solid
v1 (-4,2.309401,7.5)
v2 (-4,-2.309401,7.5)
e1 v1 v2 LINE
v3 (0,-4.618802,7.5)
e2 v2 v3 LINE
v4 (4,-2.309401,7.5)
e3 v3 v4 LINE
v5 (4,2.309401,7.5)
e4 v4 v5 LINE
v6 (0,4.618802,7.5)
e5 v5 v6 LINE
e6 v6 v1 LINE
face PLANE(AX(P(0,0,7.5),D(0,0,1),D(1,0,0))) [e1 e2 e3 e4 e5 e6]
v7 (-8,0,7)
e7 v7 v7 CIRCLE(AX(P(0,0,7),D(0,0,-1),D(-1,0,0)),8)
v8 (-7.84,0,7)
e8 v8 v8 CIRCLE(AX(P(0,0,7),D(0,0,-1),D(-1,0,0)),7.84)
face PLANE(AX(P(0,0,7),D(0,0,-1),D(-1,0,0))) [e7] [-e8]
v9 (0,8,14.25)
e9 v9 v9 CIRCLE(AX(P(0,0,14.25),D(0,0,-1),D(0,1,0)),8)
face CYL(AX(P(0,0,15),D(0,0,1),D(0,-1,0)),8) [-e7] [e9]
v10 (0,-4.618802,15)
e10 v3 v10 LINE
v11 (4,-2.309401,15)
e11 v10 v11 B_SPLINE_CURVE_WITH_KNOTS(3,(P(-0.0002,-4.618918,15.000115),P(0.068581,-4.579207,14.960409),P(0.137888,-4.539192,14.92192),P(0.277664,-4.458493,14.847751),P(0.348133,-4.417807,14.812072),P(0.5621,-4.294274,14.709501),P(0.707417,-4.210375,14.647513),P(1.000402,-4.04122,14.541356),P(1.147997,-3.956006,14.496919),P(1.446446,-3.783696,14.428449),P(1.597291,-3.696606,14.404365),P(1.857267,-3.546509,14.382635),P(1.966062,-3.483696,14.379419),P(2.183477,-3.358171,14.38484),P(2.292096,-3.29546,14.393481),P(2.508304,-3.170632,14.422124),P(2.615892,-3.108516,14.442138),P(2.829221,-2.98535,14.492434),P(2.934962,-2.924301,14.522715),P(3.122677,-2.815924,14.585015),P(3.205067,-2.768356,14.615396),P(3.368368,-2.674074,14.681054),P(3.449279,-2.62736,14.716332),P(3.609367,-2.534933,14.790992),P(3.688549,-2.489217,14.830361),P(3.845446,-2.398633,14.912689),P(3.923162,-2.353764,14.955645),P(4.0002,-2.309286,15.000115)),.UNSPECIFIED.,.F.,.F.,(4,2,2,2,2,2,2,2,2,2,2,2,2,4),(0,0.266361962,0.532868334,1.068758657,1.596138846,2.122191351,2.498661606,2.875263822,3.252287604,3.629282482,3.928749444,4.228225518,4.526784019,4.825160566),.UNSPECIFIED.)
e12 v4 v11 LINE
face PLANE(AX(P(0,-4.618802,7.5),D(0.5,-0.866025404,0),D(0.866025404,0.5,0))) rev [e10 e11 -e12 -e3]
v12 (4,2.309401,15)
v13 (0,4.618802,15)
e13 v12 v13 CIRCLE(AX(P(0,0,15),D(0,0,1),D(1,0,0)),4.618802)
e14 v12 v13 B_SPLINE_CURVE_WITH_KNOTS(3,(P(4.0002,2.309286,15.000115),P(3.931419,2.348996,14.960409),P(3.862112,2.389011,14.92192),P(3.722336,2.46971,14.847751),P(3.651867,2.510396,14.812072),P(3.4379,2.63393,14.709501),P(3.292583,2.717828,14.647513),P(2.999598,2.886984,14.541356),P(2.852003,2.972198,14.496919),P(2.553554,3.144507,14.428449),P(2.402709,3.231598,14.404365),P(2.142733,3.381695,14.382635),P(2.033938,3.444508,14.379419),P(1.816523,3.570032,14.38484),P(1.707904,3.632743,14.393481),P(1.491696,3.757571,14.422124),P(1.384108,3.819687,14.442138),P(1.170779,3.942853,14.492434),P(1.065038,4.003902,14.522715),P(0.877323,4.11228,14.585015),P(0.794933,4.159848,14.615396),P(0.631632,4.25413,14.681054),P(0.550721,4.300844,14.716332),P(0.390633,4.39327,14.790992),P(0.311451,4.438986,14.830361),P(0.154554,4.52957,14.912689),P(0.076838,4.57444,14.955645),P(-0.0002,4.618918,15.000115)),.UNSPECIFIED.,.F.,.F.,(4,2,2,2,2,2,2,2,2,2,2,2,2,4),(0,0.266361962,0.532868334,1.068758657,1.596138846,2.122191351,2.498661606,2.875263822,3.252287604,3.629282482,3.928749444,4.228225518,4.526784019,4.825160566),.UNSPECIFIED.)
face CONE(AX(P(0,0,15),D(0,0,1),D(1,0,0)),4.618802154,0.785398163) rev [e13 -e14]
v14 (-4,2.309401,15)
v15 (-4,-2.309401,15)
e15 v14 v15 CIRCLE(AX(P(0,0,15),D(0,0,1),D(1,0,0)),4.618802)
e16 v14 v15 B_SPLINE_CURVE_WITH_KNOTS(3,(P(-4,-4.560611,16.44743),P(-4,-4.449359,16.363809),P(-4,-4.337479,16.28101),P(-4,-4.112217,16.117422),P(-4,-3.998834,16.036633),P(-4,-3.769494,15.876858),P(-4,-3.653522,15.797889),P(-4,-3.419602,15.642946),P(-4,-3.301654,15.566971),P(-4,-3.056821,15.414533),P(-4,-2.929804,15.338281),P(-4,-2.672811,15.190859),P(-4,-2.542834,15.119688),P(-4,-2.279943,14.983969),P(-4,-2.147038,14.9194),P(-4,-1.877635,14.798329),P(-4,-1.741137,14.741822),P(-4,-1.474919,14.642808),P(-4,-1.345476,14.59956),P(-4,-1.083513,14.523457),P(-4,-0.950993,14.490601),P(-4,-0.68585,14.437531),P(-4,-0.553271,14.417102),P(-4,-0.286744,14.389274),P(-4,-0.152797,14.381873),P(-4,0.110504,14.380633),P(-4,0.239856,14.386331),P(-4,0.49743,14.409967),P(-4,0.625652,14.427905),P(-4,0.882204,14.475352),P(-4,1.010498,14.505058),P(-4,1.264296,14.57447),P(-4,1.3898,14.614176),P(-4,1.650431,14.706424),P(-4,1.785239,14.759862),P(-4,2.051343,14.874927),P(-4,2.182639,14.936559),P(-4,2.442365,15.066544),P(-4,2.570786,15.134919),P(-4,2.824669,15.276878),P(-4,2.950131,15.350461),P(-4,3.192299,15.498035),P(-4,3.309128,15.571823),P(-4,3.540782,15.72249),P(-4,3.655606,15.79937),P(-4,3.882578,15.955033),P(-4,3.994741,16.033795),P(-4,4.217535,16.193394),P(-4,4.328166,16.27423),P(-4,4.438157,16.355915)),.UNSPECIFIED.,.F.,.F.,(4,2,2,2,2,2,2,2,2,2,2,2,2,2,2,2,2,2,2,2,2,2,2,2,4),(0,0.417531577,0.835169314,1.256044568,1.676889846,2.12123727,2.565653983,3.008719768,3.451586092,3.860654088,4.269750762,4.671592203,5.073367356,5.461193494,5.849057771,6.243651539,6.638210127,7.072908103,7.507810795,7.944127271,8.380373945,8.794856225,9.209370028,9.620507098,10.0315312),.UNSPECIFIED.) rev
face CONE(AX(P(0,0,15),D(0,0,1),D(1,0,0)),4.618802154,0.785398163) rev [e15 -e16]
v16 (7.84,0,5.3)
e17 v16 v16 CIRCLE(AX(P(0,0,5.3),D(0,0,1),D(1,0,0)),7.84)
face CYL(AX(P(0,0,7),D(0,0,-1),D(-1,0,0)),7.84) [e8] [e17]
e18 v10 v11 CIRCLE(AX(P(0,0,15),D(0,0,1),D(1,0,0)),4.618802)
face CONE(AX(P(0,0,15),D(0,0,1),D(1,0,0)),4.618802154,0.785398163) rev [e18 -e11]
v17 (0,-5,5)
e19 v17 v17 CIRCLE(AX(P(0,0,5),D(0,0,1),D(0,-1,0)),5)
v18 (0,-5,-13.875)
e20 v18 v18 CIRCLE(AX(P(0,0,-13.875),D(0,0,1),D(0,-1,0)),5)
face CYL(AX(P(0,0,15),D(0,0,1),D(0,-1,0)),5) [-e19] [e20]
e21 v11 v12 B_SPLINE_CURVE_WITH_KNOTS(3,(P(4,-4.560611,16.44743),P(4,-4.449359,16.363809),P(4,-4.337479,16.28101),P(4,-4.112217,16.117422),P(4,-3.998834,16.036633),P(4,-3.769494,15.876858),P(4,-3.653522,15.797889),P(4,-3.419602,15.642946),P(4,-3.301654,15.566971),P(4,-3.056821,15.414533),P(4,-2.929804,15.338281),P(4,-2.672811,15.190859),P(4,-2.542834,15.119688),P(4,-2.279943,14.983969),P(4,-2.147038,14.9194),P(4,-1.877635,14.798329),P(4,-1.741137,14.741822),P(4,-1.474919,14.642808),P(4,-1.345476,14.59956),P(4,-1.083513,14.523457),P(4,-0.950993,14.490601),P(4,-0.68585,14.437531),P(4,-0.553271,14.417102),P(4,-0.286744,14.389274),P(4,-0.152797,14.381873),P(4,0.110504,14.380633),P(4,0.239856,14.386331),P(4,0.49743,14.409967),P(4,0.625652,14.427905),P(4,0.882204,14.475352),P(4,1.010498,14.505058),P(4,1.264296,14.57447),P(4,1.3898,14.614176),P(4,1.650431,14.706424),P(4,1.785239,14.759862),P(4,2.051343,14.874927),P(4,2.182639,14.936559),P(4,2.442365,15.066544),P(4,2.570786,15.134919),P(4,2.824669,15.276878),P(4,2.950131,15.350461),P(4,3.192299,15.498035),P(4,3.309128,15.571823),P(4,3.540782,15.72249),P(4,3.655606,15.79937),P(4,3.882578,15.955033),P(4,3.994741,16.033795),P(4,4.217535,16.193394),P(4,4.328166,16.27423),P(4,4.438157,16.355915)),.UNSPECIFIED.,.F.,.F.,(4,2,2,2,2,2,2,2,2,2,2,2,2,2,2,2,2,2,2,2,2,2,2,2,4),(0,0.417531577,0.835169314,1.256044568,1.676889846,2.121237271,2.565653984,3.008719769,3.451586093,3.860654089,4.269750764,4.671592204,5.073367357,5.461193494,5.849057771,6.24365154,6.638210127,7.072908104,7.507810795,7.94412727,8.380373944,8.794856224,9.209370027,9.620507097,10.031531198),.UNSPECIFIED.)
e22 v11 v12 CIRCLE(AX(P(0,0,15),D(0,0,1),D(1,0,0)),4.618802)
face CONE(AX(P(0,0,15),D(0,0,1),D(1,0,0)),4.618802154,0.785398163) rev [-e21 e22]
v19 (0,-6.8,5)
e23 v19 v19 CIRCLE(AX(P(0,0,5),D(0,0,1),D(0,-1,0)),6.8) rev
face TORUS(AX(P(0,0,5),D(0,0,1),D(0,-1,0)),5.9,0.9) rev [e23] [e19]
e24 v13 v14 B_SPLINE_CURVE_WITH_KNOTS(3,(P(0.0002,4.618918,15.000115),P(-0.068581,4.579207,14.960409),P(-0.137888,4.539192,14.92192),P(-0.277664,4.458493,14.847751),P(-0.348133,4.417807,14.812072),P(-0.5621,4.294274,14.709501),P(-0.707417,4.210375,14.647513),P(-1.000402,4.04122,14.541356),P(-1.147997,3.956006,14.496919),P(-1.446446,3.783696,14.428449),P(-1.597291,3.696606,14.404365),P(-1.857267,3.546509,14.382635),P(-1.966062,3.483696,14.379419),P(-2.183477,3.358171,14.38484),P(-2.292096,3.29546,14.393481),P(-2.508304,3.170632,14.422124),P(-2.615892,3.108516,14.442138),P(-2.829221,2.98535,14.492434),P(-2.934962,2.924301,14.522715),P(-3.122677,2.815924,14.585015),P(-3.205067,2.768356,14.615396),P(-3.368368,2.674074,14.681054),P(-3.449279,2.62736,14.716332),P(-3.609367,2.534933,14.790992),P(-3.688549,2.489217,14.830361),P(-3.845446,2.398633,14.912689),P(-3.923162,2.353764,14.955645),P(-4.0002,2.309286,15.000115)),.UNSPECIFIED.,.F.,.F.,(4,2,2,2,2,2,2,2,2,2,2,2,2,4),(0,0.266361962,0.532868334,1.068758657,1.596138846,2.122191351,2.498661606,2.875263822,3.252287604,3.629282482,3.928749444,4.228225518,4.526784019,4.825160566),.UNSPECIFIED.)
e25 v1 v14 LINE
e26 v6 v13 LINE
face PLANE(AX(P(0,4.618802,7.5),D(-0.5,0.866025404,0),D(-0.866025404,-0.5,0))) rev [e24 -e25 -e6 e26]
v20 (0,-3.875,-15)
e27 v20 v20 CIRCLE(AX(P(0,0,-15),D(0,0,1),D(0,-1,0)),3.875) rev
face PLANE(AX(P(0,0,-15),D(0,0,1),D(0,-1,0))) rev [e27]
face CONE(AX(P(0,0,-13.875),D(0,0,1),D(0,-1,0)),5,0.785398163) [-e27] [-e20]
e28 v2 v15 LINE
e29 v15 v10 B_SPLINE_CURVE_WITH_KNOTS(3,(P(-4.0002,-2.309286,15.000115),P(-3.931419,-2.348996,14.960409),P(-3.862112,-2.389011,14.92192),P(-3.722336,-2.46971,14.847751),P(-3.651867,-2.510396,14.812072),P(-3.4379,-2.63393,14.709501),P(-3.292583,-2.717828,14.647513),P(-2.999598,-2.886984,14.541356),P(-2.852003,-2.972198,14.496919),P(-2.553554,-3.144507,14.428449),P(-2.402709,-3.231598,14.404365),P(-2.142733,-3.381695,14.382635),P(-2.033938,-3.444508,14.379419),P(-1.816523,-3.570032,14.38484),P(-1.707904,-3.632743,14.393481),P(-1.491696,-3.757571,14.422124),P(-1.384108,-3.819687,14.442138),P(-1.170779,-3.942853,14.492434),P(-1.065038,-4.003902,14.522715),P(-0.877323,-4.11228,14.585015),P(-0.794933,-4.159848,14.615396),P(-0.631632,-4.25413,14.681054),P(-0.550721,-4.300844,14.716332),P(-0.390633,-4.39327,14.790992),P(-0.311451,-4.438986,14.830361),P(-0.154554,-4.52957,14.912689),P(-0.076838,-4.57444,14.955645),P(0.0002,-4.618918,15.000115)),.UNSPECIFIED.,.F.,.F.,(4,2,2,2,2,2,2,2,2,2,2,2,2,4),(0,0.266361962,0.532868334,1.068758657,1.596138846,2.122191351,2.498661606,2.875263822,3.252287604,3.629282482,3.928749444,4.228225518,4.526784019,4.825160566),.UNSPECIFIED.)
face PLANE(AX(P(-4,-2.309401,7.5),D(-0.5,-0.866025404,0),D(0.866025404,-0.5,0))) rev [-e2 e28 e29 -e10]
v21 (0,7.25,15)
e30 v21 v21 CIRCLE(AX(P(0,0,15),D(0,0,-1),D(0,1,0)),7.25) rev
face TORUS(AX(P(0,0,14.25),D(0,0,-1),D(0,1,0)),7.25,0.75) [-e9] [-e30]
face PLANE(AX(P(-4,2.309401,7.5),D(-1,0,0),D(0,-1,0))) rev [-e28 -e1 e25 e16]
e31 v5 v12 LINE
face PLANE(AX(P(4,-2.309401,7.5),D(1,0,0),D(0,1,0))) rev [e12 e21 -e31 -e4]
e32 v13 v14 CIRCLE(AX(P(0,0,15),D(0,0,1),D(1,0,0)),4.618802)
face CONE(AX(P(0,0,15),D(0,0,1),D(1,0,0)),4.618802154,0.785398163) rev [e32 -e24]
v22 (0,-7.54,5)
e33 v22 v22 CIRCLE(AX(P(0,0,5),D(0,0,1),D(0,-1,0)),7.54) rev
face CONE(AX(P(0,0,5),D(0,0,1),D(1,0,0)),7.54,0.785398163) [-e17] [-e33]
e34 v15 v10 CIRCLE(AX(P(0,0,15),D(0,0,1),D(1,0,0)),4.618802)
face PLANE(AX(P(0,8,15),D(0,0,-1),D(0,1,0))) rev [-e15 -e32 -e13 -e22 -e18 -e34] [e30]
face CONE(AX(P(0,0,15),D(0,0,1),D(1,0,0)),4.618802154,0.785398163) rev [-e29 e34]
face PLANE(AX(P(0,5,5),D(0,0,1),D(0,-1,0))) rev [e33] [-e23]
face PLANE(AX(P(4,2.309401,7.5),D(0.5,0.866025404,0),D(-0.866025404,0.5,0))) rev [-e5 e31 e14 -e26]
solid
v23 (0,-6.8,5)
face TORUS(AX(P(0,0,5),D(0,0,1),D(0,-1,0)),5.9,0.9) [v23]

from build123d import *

# Parameters (mm, degrees)
CHAMFER1_SIZE      = 1.125
SKETCH3_OUTSIDE_W  = 25.516
SKETCH3_OUTSIDE_H  = 25.516
SKETCH3_OUTSIDE_R  = 7.84
CUT_EXTRUDE1_DEPTH = 2
CHAMFER2_SIZE      = 0.3
FILLET1_R          = 0.75
SKETCH4_R          = 0.9
SKETCH14_R         = 0.9
CUT_EXTRUDE2_DEPTH = 7.5
SKETCH6_R          = 4.618802154
CUT_EXTRUDE3_DEPTH = 2.54
CUT_EXTRUDE3_DRAFT = -45


with BuildPart() as part:
    # Sketch2 → Revolve1 (revolve)
    with BuildSketch(Plane(origin=(0, 0, 0), x_dir=(0, 0, -1), z_dir=(1, 0, 0)), mode=Mode.PRIVATE) as revolve1_sk:
        Polygon((-15, 8), (-15, 0), (15, 0), (15, 5), (-5, 5), (-5, 8), align=None)
    revolve(revolve1_sk.sketch.rotate(Axis((0, 0, 15), (0, 0, -1)), 180), axis=Axis((0, 0, 15), (0, 0, -1)))

    # Chamfer1
    chamfer1_edges = [part.edges().sort_by_distance(p)[0] for p in [
        (0, 5, -15),
    ]]
    chamfer(chamfer1_edges, length=CHAMFER1_SIZE)

    # Sketch3 outside → Cut-Extrude1 (cut)
    with BuildSketch(Plane(origin=(0, 0, 5), x_dir=(-1, 0, 0), z_dir=(0, 0, -1))):
        Rectangle(SKETCH3_OUTSIDE_W, SKETCH3_OUTSIDE_H)
        Circle(SKETCH3_OUTSIDE_R, mode=Mode.SUBTRACT)
    extrude(amount=-CUT_EXTRUDE1_DEPTH, mode=Mode.SUBTRACT)

    # Chamfer2
    chamfer2_edges = [part.edges().sort_by_distance(p)[0] for p in [
        (7.84, 0, 5),
    ]]
    chamfer(chamfer2_edges, length=CHAMFER2_SIZE)

    # Fillet1
    fillet1_edges = [part.edges().sort_by_distance(p)[0] for p in [
        (0, 8, 15),
    ]]
    fillet(fillet1_edges, radius=FILLET1_R)

    # Sketch14 → Cut-Revolve1 (revolve, cut)
    with BuildSketch(Plane(origin=(0, 0, 0), x_dir=(0, 0, -1), z_dir=(1, 0, 0))):
        with Locations((-5, 5.9)):
            Circle(SKETCH14_R)
    revolve(axis=Axis((0, 0, 15), (0, 0, -1)), mode=Mode.SUBTRACT)

    # Sketch5 → Cut-Extrude2 (cut)
    with BuildSketch(Plane.XY.offset(15)):
        Polygon((0, 4.618802154), (-4, 2.309401077), (-4, -2.309401077), (0, -4.618802154), (4, -2.309401077), (4, 2.309401077), align=None)
    extrude(amount=-CUT_EXTRUDE2_DEPTH, mode=Mode.SUBTRACT)


with BuildPart() as body_2:
    # Sketch4 → Revolve2 (revolve)
    with BuildSketch(Plane(origin=(0, 0, 0), x_dir=(0, 0, -1), z_dir=(1, 0, 0))):
        with Locations((-5, 5.9)):
            Circle(SKETCH4_R)
    revolve(axis=Axis((0, 0, 15), (0, 0, -1)))


with BuildPart() as cut_extrude3_tool:
    # Sketch6 → Cut-Extrude3 (with draft: the straight prism first)
    with BuildSketch(Plane.XY.offset(15)):
        Circle(SKETCH6_R)
    extrude(amount=-CUT_EXTRUDE3_DEPTH)
    # Cut-Extrude3: the draft: its side faces are tilted about the plane it starts from
    cut_extrude3_sides = [cut_extrude3_tool.faces().sort_by_distance(p)[0] for p in [
        (-4.618802154, 0, 13.73),
    ]]
    draft(cut_extrude3_sides, Plane.XY.offset(15), CUT_EXTRUDE3_DRAFT)


with BuildPart() as part_1:
    add(part.part)

    # Cut-Extrude3: cut by cut_extrude3_tool
    add(cut_extrude3_tool.part, mode=Mode.SUBTRACT)


solid = Compound([body_2.part, part_1.part])
